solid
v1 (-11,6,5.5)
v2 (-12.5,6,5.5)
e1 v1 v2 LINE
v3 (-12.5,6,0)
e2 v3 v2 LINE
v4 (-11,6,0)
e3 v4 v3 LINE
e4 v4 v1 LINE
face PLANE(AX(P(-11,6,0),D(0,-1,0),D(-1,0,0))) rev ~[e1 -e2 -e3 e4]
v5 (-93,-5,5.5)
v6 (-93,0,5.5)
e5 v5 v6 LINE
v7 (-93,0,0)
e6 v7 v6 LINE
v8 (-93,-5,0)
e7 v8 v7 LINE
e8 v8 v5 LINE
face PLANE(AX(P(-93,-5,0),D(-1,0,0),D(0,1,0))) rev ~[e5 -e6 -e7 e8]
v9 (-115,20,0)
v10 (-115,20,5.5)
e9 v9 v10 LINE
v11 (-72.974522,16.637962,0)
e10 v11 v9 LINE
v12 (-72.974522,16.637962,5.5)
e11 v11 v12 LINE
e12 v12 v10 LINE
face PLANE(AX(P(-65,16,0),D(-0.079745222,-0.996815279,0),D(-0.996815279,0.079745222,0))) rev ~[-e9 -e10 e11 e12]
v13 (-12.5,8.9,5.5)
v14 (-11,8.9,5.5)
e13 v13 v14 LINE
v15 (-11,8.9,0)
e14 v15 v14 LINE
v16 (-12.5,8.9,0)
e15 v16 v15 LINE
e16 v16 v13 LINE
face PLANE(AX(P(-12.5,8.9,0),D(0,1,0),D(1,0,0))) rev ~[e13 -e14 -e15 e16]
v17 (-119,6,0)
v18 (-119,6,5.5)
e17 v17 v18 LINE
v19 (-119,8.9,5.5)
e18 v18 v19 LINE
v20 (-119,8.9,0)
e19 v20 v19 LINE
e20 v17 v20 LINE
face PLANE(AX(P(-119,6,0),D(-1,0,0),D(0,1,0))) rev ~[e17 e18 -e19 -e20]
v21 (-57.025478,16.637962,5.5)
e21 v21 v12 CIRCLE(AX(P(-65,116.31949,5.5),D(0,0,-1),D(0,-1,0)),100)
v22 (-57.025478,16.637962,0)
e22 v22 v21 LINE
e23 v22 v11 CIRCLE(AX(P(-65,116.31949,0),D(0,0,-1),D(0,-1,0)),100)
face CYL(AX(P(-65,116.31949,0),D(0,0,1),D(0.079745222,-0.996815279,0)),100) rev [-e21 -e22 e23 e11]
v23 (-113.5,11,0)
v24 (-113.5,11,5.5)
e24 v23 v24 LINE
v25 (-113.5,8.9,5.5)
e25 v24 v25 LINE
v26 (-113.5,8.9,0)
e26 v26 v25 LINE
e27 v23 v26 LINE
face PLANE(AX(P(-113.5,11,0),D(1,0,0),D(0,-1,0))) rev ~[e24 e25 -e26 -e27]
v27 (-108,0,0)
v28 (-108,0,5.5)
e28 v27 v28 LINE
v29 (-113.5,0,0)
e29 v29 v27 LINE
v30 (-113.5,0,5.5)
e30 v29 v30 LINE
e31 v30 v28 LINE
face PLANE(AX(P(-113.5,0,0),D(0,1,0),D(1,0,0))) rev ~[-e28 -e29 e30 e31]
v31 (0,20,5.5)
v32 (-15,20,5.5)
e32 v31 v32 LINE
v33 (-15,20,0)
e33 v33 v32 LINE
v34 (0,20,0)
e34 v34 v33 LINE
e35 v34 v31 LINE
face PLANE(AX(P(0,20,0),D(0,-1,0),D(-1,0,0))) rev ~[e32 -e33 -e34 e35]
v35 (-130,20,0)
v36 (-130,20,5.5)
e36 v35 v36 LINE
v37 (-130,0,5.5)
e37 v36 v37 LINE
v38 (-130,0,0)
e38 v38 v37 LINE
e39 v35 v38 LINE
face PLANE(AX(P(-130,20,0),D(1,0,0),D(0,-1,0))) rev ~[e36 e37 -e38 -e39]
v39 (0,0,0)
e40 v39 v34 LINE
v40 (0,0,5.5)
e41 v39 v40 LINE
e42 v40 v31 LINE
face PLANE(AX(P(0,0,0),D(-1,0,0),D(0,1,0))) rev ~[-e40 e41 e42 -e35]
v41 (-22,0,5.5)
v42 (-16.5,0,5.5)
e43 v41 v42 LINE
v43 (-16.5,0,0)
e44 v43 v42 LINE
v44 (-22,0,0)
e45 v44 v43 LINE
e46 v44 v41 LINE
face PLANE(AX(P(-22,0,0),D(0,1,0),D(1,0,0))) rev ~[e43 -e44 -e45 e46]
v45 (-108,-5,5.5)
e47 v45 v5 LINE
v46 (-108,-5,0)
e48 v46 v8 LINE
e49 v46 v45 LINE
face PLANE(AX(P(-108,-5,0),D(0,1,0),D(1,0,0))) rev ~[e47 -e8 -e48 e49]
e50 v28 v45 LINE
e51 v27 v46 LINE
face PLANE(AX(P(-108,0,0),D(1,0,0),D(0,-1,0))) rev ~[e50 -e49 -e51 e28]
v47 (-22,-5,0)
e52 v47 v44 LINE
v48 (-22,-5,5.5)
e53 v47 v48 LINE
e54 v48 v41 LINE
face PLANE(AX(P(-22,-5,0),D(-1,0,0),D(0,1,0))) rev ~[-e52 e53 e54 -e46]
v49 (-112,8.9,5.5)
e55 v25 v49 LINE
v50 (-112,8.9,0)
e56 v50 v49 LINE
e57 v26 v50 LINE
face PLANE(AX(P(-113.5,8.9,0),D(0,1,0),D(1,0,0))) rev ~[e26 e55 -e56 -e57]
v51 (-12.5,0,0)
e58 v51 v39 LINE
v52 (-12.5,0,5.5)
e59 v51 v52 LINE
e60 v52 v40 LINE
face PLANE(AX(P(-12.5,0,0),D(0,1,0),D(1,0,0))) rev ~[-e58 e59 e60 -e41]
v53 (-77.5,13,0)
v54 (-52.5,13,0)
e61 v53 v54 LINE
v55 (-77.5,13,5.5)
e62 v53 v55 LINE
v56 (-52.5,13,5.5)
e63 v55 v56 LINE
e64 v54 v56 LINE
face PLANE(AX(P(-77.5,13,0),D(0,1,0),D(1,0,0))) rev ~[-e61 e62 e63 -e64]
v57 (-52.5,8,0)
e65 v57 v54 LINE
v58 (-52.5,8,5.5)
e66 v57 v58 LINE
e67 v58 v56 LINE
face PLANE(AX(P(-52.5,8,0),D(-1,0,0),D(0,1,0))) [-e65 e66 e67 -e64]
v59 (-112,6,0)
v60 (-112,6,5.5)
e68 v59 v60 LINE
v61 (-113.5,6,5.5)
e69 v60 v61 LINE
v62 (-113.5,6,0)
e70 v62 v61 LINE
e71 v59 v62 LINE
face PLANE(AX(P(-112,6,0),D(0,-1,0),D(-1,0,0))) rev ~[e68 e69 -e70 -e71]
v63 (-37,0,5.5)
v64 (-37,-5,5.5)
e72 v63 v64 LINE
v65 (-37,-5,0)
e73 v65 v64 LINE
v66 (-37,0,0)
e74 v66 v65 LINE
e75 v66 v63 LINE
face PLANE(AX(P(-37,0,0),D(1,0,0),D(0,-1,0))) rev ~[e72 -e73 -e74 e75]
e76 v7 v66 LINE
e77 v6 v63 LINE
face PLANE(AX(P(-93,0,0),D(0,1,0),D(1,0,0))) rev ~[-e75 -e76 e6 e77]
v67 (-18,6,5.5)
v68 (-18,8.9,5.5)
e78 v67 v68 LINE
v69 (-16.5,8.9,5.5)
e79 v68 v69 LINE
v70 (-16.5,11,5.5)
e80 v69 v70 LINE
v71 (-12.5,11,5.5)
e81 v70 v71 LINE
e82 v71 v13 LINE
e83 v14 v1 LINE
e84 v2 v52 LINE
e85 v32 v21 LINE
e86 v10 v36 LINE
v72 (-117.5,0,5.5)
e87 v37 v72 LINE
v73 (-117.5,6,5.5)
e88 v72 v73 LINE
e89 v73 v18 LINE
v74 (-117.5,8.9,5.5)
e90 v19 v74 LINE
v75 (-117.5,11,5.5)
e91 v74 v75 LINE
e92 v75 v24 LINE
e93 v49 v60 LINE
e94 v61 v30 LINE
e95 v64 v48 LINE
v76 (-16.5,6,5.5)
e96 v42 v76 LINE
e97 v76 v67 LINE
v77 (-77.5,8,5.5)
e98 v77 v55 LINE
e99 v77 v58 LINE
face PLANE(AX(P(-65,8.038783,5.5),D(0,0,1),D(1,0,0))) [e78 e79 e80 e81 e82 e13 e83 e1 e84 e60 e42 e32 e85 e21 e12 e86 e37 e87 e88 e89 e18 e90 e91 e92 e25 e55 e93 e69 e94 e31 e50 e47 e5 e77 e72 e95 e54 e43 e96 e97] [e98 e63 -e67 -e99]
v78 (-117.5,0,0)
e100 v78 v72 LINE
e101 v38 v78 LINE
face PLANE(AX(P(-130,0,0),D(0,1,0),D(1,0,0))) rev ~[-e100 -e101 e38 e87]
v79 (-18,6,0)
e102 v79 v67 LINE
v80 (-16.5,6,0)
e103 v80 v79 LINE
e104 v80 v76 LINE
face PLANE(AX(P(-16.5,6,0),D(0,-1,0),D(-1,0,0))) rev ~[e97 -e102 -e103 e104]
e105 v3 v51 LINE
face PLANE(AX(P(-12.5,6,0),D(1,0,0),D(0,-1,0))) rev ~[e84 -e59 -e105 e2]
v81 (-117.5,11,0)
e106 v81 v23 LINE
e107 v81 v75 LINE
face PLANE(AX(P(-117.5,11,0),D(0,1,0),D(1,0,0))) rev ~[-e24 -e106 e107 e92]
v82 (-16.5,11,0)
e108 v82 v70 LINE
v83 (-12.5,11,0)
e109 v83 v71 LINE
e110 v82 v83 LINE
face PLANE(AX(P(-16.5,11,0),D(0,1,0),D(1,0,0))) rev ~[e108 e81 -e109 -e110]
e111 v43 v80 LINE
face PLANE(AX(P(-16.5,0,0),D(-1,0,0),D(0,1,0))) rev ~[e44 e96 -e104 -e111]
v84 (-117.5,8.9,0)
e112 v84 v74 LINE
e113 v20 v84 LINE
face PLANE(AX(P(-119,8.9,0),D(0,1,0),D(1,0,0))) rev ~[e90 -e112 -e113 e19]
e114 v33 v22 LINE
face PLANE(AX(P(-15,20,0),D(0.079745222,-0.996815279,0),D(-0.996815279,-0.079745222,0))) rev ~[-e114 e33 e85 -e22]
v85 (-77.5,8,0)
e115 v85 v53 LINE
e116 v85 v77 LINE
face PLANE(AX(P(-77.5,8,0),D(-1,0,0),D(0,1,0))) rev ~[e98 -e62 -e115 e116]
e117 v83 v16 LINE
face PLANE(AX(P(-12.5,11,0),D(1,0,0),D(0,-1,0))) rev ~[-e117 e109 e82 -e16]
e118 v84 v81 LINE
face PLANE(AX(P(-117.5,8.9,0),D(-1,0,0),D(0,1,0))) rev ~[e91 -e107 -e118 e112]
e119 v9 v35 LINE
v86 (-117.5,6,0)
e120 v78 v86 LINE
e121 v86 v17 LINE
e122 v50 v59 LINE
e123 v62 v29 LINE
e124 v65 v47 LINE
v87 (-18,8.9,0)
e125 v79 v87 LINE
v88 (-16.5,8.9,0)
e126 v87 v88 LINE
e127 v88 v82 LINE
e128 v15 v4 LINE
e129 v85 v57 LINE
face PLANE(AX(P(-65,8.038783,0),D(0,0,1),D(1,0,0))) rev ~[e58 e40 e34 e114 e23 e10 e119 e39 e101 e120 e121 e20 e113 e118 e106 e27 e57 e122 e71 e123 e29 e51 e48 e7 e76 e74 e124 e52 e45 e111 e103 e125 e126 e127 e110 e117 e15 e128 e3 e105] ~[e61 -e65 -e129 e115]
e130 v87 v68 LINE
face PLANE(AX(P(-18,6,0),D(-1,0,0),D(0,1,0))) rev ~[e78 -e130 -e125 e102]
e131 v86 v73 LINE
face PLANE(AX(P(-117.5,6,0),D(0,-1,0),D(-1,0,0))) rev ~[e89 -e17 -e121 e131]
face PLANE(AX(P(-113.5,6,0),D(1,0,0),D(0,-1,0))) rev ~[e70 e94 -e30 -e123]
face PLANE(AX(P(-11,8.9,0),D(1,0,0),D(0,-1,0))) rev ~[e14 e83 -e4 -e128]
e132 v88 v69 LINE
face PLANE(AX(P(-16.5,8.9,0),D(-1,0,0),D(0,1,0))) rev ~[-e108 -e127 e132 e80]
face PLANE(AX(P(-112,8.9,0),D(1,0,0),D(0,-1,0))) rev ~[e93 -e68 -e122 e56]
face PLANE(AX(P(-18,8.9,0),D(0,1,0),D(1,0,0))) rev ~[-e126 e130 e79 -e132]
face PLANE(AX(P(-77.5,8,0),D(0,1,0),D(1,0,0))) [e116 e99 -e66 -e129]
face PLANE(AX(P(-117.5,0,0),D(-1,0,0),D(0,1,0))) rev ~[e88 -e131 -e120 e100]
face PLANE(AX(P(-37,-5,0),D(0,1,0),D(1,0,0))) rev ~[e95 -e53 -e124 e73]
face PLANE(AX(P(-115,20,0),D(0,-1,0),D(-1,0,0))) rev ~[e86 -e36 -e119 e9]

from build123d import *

# Parameters (mm, degrees)
SKETCH_1_W      = 25
SKETCH_1_H      = 5
EXTRUDE_1_DEPTH = 5.5
FILLET_1_R      = 100


with BuildPart() as part:
    # 草图1 → 凸台-拉伸1 (new body)
    with BuildSketch(Plane.XY):
        Polygon((-15, 20), (-65, 16), (-115, 20), (-130, 20), (-130, 0), (-117.5, 0), (-117.5, 6), (-119, 6), (-119, 8.9), (-117.5, 8.9), (-117.5, 11), (-113.5, 11), (-113.5, 8.9), (-112, 8.9), (-112, 6), (-113.5, 6), (-113.5, 0), (-108, 0), (-108, -5), (-93, -5), (-93, 0), (-37, 0), (-37, -5), (-22, -5), (-22, 0), (-16.5, 0), (-16.5, 6), (-18, 6), (-18, 8.9), (-16.5, 8.9), (-16.5, 11), (-12.5, 11), (-12.5, 8.9), (-11, 8.9), (-11, 6), (-12.5, 6), (-12.5, 0), (0, 0), (0, 20), align=None)
        with Locations((-65, 10.5)):
            Rectangle(SKETCH_1_W, SKETCH_1_H, mode=Mode.SUBTRACT)
    extrude(amount=EXTRUDE_1_DEPTH)

    # 圆角1
    fillet_1_edges = [part.edges().sort_by_distance(p)[0] for p in [
        (-65, 16, 2.75),
    ]]
    fillet(fillet_1_edges, radius=FILLET_1_R)


solid = part.part
